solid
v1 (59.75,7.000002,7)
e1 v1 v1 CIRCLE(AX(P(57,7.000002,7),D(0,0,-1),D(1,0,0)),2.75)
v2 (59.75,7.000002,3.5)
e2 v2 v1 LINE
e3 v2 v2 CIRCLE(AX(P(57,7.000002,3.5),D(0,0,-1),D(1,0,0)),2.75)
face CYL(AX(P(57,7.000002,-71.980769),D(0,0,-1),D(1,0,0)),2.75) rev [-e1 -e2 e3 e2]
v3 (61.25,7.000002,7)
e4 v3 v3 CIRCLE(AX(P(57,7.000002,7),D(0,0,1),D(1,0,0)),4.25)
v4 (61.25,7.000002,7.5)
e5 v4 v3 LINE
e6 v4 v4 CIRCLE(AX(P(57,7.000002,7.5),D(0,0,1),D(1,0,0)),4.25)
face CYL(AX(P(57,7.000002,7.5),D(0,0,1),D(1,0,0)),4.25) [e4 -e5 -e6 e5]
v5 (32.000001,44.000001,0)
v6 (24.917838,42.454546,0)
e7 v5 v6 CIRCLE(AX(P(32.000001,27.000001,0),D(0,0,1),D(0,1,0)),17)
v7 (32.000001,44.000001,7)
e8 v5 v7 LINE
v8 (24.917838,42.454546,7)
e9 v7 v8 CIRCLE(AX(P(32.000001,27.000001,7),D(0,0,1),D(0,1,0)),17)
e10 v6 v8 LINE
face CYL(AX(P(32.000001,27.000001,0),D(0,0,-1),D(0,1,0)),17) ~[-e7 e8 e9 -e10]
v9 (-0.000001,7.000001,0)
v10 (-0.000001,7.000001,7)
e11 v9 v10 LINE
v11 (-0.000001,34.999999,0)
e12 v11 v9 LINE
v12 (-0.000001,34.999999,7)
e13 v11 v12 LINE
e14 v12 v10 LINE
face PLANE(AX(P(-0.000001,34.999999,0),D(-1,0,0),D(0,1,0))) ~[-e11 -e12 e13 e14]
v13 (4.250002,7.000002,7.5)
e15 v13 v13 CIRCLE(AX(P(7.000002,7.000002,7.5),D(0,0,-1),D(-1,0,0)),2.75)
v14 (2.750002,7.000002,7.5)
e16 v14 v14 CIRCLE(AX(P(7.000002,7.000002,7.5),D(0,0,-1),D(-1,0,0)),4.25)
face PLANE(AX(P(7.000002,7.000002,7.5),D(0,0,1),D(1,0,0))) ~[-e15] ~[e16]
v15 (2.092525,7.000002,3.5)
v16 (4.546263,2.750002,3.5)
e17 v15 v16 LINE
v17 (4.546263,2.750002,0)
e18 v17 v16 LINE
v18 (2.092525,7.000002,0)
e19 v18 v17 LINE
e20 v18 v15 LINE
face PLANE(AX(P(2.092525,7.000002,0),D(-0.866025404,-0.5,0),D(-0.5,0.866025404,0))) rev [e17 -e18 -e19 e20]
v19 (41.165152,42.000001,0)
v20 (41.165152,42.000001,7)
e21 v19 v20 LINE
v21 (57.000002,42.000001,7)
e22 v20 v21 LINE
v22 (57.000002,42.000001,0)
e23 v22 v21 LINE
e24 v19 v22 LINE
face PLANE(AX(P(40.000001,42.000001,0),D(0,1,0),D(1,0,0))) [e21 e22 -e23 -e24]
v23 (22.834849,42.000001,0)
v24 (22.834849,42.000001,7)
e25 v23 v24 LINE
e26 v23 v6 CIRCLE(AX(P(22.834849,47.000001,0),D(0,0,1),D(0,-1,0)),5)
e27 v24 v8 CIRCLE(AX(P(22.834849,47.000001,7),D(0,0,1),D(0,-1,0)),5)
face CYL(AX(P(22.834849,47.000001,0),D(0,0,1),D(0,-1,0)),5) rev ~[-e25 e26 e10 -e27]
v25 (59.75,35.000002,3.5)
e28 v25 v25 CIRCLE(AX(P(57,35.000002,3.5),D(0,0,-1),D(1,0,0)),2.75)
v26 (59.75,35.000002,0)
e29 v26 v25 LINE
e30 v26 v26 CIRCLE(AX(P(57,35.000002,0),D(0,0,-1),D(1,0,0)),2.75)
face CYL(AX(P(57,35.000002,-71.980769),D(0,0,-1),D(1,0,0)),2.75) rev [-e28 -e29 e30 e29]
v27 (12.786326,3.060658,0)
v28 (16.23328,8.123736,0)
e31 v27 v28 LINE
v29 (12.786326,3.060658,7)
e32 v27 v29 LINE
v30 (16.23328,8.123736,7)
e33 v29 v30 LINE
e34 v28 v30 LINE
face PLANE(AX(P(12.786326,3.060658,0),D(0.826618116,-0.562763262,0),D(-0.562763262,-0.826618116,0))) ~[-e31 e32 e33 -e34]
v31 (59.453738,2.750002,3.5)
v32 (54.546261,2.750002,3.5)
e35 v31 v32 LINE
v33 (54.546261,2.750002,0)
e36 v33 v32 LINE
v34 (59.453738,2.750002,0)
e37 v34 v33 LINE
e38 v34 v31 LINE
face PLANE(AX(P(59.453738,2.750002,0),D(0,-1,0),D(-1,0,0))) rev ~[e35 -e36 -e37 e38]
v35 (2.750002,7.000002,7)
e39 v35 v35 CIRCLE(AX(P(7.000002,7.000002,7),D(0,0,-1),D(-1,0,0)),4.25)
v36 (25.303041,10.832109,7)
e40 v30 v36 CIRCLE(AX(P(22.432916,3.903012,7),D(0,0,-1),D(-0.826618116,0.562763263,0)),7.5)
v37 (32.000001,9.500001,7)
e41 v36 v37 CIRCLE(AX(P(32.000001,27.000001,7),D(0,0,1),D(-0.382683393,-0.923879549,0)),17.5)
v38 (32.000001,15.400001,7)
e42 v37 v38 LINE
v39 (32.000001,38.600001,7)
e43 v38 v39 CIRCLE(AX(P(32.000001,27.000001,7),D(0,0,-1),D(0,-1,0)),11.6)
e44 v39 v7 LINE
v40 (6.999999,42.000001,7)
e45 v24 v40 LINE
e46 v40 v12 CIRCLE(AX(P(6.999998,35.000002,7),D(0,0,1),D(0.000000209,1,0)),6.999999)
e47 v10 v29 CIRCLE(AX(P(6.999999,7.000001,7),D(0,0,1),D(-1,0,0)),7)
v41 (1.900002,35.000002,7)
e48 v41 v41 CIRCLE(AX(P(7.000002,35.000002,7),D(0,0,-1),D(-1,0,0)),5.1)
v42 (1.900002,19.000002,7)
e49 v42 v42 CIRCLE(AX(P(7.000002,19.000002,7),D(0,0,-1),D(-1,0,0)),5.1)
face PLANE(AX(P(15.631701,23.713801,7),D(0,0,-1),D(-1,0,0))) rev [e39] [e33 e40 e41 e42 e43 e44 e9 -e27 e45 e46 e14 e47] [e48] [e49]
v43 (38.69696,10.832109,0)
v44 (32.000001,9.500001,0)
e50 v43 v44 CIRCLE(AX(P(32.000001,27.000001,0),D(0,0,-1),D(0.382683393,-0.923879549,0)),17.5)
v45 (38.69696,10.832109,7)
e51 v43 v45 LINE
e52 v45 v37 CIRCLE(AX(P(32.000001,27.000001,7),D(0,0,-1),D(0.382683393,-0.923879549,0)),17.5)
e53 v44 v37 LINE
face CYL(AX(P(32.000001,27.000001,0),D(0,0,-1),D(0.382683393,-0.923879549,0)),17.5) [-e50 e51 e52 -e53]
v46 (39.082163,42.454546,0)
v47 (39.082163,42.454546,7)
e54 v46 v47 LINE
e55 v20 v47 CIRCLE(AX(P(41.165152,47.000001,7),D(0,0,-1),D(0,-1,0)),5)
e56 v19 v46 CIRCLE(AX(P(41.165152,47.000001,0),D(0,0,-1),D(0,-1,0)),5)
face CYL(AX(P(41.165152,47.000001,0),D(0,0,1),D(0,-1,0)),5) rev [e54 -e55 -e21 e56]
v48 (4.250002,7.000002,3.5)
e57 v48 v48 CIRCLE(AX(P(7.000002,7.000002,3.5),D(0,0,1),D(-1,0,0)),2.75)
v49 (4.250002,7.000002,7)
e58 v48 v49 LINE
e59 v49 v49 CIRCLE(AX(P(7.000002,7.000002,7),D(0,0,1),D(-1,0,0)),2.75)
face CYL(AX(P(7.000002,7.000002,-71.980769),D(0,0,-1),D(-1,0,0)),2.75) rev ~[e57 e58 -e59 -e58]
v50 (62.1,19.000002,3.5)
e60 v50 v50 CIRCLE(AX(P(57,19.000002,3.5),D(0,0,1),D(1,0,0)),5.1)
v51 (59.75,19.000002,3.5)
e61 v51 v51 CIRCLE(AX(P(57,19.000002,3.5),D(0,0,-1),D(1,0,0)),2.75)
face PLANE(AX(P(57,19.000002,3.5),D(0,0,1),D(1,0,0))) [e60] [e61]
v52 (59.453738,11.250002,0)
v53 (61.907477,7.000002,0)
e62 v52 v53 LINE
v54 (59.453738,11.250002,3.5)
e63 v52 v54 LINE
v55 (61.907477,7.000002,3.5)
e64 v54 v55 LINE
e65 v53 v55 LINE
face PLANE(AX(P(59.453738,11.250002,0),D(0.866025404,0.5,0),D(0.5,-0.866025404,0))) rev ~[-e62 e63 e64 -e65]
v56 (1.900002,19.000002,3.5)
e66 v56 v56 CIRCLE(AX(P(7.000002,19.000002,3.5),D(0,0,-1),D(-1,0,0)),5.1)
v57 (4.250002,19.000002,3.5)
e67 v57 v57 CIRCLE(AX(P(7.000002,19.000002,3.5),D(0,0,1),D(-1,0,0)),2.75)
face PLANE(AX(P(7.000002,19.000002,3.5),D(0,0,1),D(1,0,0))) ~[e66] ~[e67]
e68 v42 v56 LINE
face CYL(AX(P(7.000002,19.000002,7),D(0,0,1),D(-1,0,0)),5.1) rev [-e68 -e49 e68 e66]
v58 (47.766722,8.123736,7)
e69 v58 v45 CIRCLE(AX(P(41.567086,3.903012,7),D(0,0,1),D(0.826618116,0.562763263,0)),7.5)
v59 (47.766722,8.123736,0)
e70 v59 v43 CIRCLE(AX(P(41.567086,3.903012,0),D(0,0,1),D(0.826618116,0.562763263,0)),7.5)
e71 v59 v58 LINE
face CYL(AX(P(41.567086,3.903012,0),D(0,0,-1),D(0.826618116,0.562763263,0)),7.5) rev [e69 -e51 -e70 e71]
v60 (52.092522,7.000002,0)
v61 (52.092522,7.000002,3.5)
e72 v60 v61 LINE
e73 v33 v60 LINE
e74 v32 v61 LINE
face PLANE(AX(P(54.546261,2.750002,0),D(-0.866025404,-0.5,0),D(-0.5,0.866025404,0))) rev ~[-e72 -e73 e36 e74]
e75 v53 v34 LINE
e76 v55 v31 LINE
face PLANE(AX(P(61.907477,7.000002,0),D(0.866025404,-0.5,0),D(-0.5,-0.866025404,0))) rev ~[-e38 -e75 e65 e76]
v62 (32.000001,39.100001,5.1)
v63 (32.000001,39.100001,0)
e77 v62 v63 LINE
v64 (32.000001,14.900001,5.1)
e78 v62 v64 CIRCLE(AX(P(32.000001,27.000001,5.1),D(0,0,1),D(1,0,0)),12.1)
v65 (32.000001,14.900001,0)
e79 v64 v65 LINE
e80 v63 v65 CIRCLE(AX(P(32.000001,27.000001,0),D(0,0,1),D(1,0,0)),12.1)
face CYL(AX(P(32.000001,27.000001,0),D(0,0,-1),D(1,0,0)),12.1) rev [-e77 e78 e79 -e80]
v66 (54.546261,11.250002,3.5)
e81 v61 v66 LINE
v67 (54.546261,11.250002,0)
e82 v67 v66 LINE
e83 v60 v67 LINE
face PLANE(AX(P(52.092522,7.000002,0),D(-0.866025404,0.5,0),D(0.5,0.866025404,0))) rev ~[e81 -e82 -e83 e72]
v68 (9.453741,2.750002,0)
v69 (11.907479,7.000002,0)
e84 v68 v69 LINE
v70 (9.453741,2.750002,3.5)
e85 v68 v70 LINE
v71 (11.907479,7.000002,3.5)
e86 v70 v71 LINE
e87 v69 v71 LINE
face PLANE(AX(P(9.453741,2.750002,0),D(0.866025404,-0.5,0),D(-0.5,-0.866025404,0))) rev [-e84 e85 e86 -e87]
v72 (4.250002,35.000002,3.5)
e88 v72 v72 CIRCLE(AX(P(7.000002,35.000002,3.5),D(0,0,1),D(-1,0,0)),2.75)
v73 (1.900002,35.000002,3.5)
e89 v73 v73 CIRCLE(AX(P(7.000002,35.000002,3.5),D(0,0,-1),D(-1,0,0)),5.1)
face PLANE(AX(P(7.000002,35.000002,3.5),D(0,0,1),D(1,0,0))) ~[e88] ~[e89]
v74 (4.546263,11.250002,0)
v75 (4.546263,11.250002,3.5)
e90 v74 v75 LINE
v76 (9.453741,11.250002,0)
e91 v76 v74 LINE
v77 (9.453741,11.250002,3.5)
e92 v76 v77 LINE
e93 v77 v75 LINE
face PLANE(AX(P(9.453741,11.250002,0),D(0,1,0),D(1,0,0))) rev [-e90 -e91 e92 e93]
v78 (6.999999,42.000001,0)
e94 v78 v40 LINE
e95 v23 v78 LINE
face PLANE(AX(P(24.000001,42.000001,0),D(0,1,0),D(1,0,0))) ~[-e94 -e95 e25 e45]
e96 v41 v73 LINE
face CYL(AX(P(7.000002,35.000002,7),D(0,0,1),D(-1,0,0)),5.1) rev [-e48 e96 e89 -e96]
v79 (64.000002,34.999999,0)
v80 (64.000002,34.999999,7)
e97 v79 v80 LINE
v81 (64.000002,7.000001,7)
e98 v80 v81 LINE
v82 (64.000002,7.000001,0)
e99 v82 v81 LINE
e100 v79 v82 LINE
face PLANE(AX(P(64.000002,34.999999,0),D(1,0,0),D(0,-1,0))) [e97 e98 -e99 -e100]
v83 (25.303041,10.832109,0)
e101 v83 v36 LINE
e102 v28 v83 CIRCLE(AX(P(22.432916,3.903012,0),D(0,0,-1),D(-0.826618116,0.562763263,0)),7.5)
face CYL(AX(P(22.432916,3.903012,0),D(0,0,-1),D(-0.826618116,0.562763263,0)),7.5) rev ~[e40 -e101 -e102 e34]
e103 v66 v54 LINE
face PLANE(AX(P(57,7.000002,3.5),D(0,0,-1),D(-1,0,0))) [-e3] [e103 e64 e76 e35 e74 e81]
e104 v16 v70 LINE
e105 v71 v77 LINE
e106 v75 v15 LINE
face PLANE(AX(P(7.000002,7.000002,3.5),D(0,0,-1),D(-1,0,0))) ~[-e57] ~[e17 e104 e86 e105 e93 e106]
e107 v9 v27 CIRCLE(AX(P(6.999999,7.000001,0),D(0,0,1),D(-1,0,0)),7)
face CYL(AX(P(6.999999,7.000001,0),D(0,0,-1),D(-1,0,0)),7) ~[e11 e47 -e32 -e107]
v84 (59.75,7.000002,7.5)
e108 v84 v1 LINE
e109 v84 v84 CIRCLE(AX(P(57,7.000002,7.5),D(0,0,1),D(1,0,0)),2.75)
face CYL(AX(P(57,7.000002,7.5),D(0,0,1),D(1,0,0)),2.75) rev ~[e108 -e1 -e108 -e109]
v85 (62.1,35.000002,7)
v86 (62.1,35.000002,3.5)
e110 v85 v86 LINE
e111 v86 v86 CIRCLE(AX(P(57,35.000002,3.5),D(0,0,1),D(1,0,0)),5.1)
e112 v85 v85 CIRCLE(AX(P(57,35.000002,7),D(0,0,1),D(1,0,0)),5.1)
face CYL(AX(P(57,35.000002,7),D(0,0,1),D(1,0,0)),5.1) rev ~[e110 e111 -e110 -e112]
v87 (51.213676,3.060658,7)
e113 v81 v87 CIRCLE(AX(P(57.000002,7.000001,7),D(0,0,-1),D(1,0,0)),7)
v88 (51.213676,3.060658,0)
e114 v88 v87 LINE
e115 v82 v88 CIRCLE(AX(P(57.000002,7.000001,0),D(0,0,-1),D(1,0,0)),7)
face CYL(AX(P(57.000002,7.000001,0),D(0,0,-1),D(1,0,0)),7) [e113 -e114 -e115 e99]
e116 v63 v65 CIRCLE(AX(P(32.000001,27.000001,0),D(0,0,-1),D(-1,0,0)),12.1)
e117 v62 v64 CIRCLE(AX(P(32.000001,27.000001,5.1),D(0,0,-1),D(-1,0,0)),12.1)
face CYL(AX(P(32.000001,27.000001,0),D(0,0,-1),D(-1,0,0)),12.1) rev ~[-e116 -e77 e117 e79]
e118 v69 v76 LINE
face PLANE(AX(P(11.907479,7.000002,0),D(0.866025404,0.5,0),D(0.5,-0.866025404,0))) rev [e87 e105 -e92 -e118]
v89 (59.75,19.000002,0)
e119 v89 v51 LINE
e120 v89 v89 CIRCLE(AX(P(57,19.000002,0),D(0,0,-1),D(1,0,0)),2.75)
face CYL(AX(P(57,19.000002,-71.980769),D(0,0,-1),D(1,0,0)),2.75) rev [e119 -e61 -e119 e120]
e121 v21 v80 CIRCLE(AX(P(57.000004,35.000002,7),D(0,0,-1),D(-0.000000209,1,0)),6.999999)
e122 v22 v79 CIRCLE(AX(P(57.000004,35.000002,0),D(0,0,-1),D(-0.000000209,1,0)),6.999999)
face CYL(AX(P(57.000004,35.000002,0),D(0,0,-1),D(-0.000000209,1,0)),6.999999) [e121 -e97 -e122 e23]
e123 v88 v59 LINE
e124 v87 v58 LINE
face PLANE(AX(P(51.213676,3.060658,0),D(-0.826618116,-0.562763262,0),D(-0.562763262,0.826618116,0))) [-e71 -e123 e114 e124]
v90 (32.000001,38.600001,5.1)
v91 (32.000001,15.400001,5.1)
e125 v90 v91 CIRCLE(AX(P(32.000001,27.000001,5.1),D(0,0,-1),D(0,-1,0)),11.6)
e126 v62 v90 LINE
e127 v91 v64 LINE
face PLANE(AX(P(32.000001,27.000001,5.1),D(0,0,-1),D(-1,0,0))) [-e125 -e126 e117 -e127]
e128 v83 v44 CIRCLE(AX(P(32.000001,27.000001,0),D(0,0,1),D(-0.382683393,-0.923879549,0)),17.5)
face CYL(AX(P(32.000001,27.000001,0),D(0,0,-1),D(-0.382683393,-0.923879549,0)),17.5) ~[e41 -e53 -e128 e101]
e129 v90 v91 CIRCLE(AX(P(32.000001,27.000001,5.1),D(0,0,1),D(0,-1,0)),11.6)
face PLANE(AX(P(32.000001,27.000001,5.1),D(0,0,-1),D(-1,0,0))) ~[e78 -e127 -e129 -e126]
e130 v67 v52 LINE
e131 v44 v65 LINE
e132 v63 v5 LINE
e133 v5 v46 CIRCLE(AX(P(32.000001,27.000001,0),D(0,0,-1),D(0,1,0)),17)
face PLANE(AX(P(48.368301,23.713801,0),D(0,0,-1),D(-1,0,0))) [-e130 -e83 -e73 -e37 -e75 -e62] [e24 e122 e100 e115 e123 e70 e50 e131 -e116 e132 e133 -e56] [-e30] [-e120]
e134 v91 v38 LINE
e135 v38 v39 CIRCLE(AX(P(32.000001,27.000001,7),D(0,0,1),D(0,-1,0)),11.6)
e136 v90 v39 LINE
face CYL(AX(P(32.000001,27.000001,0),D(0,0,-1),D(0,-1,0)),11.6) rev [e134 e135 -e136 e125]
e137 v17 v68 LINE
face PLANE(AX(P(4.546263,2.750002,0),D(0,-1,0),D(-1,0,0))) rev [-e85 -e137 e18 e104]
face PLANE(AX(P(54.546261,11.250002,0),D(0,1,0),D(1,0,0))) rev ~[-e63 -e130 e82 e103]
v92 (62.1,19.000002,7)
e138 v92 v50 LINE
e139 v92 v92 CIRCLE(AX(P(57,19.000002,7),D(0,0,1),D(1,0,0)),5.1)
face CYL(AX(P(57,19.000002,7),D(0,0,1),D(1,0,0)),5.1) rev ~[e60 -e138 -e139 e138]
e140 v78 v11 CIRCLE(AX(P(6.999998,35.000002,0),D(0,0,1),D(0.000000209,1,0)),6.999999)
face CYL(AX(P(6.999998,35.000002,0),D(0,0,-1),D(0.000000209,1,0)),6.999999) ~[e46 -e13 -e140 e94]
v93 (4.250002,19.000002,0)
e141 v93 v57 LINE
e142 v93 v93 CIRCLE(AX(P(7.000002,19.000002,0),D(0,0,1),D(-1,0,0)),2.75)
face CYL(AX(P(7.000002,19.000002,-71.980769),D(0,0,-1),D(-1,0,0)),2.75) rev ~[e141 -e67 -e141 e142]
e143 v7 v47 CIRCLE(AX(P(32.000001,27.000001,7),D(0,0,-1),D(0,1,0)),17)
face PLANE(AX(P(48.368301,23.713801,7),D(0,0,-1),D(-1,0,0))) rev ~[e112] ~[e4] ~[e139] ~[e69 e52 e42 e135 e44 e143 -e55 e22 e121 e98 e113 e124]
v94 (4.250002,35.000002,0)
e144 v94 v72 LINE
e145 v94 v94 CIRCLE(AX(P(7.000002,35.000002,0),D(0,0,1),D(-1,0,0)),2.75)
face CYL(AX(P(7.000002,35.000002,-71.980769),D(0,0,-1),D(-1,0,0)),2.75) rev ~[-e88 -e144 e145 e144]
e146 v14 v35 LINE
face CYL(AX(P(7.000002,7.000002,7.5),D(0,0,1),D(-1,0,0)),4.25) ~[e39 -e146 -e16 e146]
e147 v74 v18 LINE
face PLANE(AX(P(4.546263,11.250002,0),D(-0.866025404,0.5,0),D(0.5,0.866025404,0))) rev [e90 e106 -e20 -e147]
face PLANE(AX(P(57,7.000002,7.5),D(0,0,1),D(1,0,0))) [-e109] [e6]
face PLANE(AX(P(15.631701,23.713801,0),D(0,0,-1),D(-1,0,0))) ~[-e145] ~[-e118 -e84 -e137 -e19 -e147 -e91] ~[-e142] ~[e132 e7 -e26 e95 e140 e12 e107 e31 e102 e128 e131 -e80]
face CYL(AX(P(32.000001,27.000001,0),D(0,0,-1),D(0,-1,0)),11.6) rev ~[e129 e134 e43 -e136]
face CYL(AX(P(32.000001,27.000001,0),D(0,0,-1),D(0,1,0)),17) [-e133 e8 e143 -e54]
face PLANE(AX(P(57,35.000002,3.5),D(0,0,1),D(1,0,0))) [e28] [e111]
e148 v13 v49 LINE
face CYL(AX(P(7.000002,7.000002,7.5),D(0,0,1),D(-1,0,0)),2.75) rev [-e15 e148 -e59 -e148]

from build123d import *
from build123d.topology import SkipClean

# Parameters (mm, degrees)
BOSS_EXTRUDE1_DEPTH     = 7
CUT_EXTRUDE1_DEPTH      = 78.980769199
CUT_EXTRUDE1_DEPTH_BACK = 78.980769199
SKETCH3_R               = 2.75
SKETCH4_R               = 12.1
CUT_EXTRUDE2_DEPTH      = 5.1
BOSS_EXTRUDE2_START     = 0.5
SKETCH5_R               = 4.25
SKETCH5_R_2             = 2.75
BOSS_EXTRUDE2_DEPTH     = 0.5
SKETCH6_R               = 5.1
CUT_EXTRUDE3_DEPTH      = 3.5
FILLET1_R               = 5
CUT_EXTRUDE4_DEPTH      = 3.5


with BuildPart() as part:
    # Sketch1 → Boss-Extrude1 (new body)
    with BuildSketch(Plane.XY):
        with BuildLine():
            Line((64.000002369, 34.999998632), (64.000002369, 7.0000007))
            ThreePointArc((64.000002369, 7.0000007), (59.061035156, 0.310296383), (51.213675554, 3.060657863))
            Line((51.213675554, 3.060657863), (47.766721553, 8.123736451))
            ThreePointArc((47.766721553, 8.123736451), (43.713065604, 11.089441566), (38.696960231, 10.832108598))
            ThreePointArc((38.696960231, 10.832108598), (35.414081121, 9.836258221), (32.00000085, 9.5000007))
            Line((32.00000085, 9.5000007), (32.00000085, 15.4000007))
            ThreePointArc((32.00000085, 15.4000007), (43.60000085, 27.0000007), (32.00000085, 38.6000007))
            Line((32.00000085, 38.6000007), (32.00000085, 44.0000007))
            ThreePointArc((32.00000085, 44.0000007), (36.123106475, 43.492423203), (40.00000085, 42.0000007))
            Line((40.00000085, 42.0000007), (57.000002369, 42.0000007))
            ThreePointArc((57.000002369, 42.0000007), (61.9497513, 39.949747563), (64.000002369, 34.999998632))
        make_face()
    extrude(amount=BOSS_EXTRUDE1_DEPTH)

    # Sketch3 → Cut-Extrude1 (cut, two sides: drawn at the far end of the back side and taken through both)
    with BuildSketch(Plane.XY.offset(7).offset(-CUT_EXTRUDE1_DEPTH_BACK)):
        with Locations((56.999999697, 35.000001537)):
            Circle(SKETCH3_R)
        with Locations((56.999999697, 19.000001537)):
            Circle(SKETCH3_R)
        with Locations((56.999999697, 7.000001537)):
            Circle(SKETCH3_R)
    extrude(amount=CUT_EXTRUDE1_DEPTH + CUT_EXTRUDE1_DEPTH_BACK, mode=Mode.SUBTRACT)

    # Sketch4 → Cut-Extrude2 (cut)
    with BuildSketch(Plane(origin=(0, 0, 0), x_dir=(-1, 0, 0), z_dir=(0, 0, -1))):
        with Locations((-32.00000085, 27.0000007)):
            Circle(SKETCH4_R)
    extrude(amount=-CUT_EXTRUDE2_DEPTH, mode=Mode.SUBTRACT)

    # Sketch5 → Boss-Extrude2 (add)
    with BuildSketch(Plane.XY.offset(7).offset(BOSS_EXTRUDE2_START)):
        with Locations((56.999999697, 7.000001537)):
            Circle(SKETCH5_R)
        with Locations((56.999999697, 7.000001537)):
            Circle(SKETCH5_R_2, mode=Mode.SUBTRACT)
    extrude(amount=-BOSS_EXTRUDE2_DEPTH)

    # Sketch6 → Cut-Extrude3 (cut)
    with BuildSketch(Plane.XY.offset(7)):
        with Locations((56.999999697, 19.000001537)):
            Circle(SKETCH6_R)
        with Locations((56.999999697, 35.000001537)):
            Circle(SKETCH6_R)
    extrude(amount=-CUT_EXTRUDE3_DEPTH, mode=Mode.SUBTRACT)

    # Fillet1
    fillet1_edges = [part.edges().sort_by_distance(p)[0] for p in [
        (40.00000085, 42.0000007, 3.5),
    ]]
    fillet(fillet1_edges, radius=FILLET1_R)

    # Sketch8 → Cut-Extrude4 (cut)
    with BuildSketch(Plane(origin=(0, 0, 0), x_dir=(-1, 0, 0), z_dir=(0, 0, -1))):
        Polygon((-54.546261053, 11.250001537), (-59.453738341, 11.250001537), (-61.907476985, 7.000001537), (-59.453738341, 2.750001537), (-54.546261053, 2.750001537), (-52.092522409, 7.000001537), align=None)
    extrude(amount=-CUT_EXTRUDE4_DEPTH, mode=Mode.SUBTRACT)

    # Mirror2: part across plane


with BuildPart() as part_1:
    with SkipClean():  # the faces are left unmerged after this step: merging them gives an invalid solid
        add(part.part)
        add(part.part.mirror(Plane(origin=(32.00000085, 44.0000007, 7), x_dir=(0, 0, 1), z_dir=(1, 0, 0))))


solid = part_1.part
